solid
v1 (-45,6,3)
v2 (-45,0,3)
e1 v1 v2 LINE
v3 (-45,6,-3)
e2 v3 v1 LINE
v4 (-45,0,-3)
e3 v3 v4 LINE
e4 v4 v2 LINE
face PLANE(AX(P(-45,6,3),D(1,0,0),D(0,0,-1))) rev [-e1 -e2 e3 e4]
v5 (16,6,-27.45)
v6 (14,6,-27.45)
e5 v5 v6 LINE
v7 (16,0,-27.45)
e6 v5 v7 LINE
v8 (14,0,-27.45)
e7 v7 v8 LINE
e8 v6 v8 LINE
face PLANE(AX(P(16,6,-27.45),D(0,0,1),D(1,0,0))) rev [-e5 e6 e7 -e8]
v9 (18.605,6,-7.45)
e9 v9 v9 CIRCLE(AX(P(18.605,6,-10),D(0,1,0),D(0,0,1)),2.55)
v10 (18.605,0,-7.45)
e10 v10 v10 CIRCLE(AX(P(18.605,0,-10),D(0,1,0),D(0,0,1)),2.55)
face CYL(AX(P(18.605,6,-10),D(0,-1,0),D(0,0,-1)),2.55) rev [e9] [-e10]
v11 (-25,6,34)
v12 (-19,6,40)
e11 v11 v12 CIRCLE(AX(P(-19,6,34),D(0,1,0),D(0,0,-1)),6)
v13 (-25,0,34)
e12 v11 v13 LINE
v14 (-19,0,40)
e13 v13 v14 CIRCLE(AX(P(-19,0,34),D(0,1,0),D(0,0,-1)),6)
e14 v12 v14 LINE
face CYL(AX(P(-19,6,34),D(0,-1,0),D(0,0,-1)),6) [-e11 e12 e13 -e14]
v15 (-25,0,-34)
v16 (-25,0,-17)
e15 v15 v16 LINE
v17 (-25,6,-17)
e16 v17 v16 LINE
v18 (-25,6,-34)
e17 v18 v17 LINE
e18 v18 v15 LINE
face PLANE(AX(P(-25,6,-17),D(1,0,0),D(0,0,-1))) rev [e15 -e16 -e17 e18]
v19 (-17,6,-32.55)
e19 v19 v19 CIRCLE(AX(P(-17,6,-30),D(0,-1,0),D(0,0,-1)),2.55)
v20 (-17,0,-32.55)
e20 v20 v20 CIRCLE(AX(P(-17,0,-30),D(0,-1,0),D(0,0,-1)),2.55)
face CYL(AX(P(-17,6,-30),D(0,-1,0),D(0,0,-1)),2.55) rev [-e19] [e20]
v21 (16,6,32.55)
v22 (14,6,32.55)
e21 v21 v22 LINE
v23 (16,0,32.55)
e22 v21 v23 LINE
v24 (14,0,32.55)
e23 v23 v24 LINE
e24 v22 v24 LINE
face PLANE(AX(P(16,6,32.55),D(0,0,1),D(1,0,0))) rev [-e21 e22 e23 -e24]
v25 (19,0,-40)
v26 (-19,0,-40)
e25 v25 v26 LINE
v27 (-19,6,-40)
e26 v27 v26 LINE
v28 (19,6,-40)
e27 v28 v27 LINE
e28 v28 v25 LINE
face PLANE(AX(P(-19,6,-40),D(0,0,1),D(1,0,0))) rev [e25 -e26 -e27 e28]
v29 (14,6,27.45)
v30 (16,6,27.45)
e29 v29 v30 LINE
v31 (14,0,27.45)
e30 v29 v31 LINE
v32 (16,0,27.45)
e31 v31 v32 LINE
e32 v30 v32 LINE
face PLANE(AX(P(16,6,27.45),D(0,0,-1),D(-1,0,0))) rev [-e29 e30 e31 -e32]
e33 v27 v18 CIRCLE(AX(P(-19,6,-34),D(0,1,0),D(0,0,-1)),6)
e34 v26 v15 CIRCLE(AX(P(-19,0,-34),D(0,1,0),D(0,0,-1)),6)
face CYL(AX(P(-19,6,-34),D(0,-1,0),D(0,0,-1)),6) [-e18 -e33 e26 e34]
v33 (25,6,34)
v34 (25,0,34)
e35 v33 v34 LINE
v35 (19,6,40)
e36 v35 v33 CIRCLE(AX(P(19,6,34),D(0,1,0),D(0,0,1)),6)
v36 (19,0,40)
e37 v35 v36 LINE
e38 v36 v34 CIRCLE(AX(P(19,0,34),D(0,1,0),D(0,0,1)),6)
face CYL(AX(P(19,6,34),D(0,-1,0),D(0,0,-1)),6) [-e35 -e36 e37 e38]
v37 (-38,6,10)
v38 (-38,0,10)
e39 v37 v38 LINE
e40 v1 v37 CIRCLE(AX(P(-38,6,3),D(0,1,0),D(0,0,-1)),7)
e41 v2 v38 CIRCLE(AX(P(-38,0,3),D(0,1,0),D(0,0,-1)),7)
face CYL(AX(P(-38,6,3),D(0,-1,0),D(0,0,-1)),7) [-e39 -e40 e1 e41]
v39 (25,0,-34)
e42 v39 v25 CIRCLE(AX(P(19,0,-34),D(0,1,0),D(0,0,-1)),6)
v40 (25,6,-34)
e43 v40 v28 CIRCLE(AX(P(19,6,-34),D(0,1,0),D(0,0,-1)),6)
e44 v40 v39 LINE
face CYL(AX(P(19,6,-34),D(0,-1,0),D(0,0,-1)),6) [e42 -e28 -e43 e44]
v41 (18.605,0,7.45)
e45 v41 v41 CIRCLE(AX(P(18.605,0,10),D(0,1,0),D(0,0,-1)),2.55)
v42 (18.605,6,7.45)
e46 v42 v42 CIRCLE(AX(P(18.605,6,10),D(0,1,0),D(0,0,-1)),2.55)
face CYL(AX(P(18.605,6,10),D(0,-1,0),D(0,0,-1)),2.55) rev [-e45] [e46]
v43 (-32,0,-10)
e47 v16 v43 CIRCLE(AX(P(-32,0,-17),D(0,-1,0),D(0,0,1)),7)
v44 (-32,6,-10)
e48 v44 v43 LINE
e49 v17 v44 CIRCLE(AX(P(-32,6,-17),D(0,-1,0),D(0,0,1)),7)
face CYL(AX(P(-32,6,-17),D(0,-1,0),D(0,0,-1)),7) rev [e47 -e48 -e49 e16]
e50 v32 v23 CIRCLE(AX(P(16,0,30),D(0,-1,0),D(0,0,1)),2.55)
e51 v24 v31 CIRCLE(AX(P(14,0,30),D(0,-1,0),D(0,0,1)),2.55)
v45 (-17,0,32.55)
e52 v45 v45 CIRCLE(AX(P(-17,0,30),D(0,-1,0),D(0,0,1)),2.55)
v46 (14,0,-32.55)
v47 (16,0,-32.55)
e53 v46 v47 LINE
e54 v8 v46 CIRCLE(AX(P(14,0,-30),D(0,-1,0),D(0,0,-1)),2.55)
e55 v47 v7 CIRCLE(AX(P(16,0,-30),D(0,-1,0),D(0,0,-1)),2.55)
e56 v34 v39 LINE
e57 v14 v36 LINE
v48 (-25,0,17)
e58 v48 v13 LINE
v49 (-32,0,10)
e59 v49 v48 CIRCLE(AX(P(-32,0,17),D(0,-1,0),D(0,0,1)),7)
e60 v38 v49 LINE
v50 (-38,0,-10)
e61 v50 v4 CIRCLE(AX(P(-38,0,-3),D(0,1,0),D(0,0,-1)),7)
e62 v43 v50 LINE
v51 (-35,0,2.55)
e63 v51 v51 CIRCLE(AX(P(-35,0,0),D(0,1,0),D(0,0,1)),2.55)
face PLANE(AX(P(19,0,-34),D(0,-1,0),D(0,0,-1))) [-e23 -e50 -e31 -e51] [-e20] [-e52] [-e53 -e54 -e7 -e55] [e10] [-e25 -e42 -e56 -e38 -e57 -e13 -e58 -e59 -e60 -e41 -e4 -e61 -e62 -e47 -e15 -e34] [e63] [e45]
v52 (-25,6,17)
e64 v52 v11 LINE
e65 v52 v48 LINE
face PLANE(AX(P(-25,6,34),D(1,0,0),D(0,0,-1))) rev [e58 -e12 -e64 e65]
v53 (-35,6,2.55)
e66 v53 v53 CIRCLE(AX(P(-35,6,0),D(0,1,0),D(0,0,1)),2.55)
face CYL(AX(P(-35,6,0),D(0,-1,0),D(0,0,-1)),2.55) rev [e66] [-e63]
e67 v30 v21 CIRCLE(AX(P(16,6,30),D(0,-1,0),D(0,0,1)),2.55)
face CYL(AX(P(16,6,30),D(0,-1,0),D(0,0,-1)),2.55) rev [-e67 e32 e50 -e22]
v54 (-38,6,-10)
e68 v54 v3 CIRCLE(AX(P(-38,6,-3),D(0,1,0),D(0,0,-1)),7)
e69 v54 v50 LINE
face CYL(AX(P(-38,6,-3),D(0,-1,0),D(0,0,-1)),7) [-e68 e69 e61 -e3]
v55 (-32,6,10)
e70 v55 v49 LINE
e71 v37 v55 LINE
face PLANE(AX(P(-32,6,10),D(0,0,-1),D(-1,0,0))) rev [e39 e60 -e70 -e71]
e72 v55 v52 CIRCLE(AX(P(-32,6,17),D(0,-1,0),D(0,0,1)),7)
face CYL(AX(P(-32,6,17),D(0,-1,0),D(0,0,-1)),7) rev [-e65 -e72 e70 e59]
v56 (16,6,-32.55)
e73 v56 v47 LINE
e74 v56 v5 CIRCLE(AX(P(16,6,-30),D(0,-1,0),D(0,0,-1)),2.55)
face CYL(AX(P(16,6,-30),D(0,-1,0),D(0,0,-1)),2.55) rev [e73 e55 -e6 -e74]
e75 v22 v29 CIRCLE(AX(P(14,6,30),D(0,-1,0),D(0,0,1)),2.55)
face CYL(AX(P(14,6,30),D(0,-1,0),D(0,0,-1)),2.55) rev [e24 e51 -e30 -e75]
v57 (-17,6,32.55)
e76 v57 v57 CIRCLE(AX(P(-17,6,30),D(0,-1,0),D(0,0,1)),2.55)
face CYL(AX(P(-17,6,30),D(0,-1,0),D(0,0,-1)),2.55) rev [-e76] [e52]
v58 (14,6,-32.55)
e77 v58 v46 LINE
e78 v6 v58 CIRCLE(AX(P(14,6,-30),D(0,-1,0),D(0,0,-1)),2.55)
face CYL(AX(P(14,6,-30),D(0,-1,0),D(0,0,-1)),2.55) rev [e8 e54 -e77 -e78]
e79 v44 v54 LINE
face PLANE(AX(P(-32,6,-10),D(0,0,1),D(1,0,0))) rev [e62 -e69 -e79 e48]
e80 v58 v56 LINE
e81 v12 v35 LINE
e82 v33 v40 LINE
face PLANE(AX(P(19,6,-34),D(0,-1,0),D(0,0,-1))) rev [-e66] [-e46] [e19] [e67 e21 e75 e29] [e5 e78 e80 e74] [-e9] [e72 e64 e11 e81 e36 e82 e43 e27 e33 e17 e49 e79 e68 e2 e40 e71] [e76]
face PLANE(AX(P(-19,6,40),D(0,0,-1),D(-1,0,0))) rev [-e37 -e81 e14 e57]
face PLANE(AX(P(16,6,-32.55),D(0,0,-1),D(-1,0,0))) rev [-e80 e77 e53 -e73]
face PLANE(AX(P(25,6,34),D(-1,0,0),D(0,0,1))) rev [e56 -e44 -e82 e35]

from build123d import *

# Parameters (mm, degrees)
SKETCH_1_R          = 2.55
EXTRUDE_1_DEPTH     = 6
SKETCH_2_R          = 2.55
CUT_EXTRUDE_1_DEPTH = 7


with BuildPart() as part:
    # Эскиз1 → Бобышка-Вытянуть1 (new body)
    with BuildSketch(Plane(origin=(0, 0, 0), x_dir=(1, 0, 0), z_dir=(0, 1, 0))):
        with BuildLine():
            Line((-32, -10), (-38, -10))
            ThreePointArc((-38, -10), (-42.949747468, -7.949747468), (-45, -3))
            Line((-45, -3), (-45, 3))
            ThreePointArc((-45, 3), (-42.949747468, 7.949747468), (-38, 10))
            Line((-38, 10), (-32, 10))
            ThreePointArc((-32, 10), (-27.050252532, 12.050252532), (-25, 17))
            Line((-25, 17), (-25, 34))
            ThreePointArc((-25, 34), (-23.242640687, 38.242640687), (-19, 40))
            Line((-19, 40), (19, 40))
            ThreePointArc((19, 40), (23.242640687, 38.242640687), (25, 34))
            Line((25, 34), (25, -34))
            ThreePointArc((25, -34), (23.242640687, -38.242640687), (19, -40))
            Line((19, -40), (-19, -40))
            ThreePointArc((-19, -40), (-23.242640687, -38.242640687), (-25, -34))
            Line((-25, -34), (-25, -17))
            ThreePointArc((-25, -17), (-27.050252532, -12.050252532), (-32, -10))
        make_face()
        with Locations((-35, 0)):
            Circle(SKETCH_1_R, mode=Mode.SUBTRACT)
        with Locations((18.605, 10)):
            Circle(SKETCH_1_R, mode=Mode.SUBTRACT)
        with Locations((18.605, -10)):
            Circle(SKETCH_1_R, mode=Mode.SUBTRACT)
    extrude(amount=EXTRUDE_1_DEPTH)

    # Эскиз2 → Вырез-Вытянуть1 (cut, through all)
    with BuildSketch(Plane.XZ):
        with Locations((-17, -30)):
            Circle(SKETCH_2_R)
        with Locations((-17, 30)):
            Circle(SKETCH_2_R)
        with BuildLine():
            Line((16, -32.55), (14, -32.55))
            ThreePointArc((14, -32.55), (11.45, -30), (14, -27.45))
            Line((14, -27.45), (16, -27.45))
            ThreePointArc((16, -27.45), (18.55, -30), (16, -32.55))
        make_face()
        with BuildLine():
            Line((16, 32.55), (14, 32.55))
            ThreePointArc((14, 32.55), (11.45, 30), (14, 27.45))
            Line((14, 27.45), (16, 27.45))
            ThreePointArc((16, 27.45), (18.55, 30), (16, 32.55))
        make_face()
    extrude(amount=-CUT_EXTRUDE_1_DEPTH, mode=Mode.SUBTRACT)


solid = part.part
